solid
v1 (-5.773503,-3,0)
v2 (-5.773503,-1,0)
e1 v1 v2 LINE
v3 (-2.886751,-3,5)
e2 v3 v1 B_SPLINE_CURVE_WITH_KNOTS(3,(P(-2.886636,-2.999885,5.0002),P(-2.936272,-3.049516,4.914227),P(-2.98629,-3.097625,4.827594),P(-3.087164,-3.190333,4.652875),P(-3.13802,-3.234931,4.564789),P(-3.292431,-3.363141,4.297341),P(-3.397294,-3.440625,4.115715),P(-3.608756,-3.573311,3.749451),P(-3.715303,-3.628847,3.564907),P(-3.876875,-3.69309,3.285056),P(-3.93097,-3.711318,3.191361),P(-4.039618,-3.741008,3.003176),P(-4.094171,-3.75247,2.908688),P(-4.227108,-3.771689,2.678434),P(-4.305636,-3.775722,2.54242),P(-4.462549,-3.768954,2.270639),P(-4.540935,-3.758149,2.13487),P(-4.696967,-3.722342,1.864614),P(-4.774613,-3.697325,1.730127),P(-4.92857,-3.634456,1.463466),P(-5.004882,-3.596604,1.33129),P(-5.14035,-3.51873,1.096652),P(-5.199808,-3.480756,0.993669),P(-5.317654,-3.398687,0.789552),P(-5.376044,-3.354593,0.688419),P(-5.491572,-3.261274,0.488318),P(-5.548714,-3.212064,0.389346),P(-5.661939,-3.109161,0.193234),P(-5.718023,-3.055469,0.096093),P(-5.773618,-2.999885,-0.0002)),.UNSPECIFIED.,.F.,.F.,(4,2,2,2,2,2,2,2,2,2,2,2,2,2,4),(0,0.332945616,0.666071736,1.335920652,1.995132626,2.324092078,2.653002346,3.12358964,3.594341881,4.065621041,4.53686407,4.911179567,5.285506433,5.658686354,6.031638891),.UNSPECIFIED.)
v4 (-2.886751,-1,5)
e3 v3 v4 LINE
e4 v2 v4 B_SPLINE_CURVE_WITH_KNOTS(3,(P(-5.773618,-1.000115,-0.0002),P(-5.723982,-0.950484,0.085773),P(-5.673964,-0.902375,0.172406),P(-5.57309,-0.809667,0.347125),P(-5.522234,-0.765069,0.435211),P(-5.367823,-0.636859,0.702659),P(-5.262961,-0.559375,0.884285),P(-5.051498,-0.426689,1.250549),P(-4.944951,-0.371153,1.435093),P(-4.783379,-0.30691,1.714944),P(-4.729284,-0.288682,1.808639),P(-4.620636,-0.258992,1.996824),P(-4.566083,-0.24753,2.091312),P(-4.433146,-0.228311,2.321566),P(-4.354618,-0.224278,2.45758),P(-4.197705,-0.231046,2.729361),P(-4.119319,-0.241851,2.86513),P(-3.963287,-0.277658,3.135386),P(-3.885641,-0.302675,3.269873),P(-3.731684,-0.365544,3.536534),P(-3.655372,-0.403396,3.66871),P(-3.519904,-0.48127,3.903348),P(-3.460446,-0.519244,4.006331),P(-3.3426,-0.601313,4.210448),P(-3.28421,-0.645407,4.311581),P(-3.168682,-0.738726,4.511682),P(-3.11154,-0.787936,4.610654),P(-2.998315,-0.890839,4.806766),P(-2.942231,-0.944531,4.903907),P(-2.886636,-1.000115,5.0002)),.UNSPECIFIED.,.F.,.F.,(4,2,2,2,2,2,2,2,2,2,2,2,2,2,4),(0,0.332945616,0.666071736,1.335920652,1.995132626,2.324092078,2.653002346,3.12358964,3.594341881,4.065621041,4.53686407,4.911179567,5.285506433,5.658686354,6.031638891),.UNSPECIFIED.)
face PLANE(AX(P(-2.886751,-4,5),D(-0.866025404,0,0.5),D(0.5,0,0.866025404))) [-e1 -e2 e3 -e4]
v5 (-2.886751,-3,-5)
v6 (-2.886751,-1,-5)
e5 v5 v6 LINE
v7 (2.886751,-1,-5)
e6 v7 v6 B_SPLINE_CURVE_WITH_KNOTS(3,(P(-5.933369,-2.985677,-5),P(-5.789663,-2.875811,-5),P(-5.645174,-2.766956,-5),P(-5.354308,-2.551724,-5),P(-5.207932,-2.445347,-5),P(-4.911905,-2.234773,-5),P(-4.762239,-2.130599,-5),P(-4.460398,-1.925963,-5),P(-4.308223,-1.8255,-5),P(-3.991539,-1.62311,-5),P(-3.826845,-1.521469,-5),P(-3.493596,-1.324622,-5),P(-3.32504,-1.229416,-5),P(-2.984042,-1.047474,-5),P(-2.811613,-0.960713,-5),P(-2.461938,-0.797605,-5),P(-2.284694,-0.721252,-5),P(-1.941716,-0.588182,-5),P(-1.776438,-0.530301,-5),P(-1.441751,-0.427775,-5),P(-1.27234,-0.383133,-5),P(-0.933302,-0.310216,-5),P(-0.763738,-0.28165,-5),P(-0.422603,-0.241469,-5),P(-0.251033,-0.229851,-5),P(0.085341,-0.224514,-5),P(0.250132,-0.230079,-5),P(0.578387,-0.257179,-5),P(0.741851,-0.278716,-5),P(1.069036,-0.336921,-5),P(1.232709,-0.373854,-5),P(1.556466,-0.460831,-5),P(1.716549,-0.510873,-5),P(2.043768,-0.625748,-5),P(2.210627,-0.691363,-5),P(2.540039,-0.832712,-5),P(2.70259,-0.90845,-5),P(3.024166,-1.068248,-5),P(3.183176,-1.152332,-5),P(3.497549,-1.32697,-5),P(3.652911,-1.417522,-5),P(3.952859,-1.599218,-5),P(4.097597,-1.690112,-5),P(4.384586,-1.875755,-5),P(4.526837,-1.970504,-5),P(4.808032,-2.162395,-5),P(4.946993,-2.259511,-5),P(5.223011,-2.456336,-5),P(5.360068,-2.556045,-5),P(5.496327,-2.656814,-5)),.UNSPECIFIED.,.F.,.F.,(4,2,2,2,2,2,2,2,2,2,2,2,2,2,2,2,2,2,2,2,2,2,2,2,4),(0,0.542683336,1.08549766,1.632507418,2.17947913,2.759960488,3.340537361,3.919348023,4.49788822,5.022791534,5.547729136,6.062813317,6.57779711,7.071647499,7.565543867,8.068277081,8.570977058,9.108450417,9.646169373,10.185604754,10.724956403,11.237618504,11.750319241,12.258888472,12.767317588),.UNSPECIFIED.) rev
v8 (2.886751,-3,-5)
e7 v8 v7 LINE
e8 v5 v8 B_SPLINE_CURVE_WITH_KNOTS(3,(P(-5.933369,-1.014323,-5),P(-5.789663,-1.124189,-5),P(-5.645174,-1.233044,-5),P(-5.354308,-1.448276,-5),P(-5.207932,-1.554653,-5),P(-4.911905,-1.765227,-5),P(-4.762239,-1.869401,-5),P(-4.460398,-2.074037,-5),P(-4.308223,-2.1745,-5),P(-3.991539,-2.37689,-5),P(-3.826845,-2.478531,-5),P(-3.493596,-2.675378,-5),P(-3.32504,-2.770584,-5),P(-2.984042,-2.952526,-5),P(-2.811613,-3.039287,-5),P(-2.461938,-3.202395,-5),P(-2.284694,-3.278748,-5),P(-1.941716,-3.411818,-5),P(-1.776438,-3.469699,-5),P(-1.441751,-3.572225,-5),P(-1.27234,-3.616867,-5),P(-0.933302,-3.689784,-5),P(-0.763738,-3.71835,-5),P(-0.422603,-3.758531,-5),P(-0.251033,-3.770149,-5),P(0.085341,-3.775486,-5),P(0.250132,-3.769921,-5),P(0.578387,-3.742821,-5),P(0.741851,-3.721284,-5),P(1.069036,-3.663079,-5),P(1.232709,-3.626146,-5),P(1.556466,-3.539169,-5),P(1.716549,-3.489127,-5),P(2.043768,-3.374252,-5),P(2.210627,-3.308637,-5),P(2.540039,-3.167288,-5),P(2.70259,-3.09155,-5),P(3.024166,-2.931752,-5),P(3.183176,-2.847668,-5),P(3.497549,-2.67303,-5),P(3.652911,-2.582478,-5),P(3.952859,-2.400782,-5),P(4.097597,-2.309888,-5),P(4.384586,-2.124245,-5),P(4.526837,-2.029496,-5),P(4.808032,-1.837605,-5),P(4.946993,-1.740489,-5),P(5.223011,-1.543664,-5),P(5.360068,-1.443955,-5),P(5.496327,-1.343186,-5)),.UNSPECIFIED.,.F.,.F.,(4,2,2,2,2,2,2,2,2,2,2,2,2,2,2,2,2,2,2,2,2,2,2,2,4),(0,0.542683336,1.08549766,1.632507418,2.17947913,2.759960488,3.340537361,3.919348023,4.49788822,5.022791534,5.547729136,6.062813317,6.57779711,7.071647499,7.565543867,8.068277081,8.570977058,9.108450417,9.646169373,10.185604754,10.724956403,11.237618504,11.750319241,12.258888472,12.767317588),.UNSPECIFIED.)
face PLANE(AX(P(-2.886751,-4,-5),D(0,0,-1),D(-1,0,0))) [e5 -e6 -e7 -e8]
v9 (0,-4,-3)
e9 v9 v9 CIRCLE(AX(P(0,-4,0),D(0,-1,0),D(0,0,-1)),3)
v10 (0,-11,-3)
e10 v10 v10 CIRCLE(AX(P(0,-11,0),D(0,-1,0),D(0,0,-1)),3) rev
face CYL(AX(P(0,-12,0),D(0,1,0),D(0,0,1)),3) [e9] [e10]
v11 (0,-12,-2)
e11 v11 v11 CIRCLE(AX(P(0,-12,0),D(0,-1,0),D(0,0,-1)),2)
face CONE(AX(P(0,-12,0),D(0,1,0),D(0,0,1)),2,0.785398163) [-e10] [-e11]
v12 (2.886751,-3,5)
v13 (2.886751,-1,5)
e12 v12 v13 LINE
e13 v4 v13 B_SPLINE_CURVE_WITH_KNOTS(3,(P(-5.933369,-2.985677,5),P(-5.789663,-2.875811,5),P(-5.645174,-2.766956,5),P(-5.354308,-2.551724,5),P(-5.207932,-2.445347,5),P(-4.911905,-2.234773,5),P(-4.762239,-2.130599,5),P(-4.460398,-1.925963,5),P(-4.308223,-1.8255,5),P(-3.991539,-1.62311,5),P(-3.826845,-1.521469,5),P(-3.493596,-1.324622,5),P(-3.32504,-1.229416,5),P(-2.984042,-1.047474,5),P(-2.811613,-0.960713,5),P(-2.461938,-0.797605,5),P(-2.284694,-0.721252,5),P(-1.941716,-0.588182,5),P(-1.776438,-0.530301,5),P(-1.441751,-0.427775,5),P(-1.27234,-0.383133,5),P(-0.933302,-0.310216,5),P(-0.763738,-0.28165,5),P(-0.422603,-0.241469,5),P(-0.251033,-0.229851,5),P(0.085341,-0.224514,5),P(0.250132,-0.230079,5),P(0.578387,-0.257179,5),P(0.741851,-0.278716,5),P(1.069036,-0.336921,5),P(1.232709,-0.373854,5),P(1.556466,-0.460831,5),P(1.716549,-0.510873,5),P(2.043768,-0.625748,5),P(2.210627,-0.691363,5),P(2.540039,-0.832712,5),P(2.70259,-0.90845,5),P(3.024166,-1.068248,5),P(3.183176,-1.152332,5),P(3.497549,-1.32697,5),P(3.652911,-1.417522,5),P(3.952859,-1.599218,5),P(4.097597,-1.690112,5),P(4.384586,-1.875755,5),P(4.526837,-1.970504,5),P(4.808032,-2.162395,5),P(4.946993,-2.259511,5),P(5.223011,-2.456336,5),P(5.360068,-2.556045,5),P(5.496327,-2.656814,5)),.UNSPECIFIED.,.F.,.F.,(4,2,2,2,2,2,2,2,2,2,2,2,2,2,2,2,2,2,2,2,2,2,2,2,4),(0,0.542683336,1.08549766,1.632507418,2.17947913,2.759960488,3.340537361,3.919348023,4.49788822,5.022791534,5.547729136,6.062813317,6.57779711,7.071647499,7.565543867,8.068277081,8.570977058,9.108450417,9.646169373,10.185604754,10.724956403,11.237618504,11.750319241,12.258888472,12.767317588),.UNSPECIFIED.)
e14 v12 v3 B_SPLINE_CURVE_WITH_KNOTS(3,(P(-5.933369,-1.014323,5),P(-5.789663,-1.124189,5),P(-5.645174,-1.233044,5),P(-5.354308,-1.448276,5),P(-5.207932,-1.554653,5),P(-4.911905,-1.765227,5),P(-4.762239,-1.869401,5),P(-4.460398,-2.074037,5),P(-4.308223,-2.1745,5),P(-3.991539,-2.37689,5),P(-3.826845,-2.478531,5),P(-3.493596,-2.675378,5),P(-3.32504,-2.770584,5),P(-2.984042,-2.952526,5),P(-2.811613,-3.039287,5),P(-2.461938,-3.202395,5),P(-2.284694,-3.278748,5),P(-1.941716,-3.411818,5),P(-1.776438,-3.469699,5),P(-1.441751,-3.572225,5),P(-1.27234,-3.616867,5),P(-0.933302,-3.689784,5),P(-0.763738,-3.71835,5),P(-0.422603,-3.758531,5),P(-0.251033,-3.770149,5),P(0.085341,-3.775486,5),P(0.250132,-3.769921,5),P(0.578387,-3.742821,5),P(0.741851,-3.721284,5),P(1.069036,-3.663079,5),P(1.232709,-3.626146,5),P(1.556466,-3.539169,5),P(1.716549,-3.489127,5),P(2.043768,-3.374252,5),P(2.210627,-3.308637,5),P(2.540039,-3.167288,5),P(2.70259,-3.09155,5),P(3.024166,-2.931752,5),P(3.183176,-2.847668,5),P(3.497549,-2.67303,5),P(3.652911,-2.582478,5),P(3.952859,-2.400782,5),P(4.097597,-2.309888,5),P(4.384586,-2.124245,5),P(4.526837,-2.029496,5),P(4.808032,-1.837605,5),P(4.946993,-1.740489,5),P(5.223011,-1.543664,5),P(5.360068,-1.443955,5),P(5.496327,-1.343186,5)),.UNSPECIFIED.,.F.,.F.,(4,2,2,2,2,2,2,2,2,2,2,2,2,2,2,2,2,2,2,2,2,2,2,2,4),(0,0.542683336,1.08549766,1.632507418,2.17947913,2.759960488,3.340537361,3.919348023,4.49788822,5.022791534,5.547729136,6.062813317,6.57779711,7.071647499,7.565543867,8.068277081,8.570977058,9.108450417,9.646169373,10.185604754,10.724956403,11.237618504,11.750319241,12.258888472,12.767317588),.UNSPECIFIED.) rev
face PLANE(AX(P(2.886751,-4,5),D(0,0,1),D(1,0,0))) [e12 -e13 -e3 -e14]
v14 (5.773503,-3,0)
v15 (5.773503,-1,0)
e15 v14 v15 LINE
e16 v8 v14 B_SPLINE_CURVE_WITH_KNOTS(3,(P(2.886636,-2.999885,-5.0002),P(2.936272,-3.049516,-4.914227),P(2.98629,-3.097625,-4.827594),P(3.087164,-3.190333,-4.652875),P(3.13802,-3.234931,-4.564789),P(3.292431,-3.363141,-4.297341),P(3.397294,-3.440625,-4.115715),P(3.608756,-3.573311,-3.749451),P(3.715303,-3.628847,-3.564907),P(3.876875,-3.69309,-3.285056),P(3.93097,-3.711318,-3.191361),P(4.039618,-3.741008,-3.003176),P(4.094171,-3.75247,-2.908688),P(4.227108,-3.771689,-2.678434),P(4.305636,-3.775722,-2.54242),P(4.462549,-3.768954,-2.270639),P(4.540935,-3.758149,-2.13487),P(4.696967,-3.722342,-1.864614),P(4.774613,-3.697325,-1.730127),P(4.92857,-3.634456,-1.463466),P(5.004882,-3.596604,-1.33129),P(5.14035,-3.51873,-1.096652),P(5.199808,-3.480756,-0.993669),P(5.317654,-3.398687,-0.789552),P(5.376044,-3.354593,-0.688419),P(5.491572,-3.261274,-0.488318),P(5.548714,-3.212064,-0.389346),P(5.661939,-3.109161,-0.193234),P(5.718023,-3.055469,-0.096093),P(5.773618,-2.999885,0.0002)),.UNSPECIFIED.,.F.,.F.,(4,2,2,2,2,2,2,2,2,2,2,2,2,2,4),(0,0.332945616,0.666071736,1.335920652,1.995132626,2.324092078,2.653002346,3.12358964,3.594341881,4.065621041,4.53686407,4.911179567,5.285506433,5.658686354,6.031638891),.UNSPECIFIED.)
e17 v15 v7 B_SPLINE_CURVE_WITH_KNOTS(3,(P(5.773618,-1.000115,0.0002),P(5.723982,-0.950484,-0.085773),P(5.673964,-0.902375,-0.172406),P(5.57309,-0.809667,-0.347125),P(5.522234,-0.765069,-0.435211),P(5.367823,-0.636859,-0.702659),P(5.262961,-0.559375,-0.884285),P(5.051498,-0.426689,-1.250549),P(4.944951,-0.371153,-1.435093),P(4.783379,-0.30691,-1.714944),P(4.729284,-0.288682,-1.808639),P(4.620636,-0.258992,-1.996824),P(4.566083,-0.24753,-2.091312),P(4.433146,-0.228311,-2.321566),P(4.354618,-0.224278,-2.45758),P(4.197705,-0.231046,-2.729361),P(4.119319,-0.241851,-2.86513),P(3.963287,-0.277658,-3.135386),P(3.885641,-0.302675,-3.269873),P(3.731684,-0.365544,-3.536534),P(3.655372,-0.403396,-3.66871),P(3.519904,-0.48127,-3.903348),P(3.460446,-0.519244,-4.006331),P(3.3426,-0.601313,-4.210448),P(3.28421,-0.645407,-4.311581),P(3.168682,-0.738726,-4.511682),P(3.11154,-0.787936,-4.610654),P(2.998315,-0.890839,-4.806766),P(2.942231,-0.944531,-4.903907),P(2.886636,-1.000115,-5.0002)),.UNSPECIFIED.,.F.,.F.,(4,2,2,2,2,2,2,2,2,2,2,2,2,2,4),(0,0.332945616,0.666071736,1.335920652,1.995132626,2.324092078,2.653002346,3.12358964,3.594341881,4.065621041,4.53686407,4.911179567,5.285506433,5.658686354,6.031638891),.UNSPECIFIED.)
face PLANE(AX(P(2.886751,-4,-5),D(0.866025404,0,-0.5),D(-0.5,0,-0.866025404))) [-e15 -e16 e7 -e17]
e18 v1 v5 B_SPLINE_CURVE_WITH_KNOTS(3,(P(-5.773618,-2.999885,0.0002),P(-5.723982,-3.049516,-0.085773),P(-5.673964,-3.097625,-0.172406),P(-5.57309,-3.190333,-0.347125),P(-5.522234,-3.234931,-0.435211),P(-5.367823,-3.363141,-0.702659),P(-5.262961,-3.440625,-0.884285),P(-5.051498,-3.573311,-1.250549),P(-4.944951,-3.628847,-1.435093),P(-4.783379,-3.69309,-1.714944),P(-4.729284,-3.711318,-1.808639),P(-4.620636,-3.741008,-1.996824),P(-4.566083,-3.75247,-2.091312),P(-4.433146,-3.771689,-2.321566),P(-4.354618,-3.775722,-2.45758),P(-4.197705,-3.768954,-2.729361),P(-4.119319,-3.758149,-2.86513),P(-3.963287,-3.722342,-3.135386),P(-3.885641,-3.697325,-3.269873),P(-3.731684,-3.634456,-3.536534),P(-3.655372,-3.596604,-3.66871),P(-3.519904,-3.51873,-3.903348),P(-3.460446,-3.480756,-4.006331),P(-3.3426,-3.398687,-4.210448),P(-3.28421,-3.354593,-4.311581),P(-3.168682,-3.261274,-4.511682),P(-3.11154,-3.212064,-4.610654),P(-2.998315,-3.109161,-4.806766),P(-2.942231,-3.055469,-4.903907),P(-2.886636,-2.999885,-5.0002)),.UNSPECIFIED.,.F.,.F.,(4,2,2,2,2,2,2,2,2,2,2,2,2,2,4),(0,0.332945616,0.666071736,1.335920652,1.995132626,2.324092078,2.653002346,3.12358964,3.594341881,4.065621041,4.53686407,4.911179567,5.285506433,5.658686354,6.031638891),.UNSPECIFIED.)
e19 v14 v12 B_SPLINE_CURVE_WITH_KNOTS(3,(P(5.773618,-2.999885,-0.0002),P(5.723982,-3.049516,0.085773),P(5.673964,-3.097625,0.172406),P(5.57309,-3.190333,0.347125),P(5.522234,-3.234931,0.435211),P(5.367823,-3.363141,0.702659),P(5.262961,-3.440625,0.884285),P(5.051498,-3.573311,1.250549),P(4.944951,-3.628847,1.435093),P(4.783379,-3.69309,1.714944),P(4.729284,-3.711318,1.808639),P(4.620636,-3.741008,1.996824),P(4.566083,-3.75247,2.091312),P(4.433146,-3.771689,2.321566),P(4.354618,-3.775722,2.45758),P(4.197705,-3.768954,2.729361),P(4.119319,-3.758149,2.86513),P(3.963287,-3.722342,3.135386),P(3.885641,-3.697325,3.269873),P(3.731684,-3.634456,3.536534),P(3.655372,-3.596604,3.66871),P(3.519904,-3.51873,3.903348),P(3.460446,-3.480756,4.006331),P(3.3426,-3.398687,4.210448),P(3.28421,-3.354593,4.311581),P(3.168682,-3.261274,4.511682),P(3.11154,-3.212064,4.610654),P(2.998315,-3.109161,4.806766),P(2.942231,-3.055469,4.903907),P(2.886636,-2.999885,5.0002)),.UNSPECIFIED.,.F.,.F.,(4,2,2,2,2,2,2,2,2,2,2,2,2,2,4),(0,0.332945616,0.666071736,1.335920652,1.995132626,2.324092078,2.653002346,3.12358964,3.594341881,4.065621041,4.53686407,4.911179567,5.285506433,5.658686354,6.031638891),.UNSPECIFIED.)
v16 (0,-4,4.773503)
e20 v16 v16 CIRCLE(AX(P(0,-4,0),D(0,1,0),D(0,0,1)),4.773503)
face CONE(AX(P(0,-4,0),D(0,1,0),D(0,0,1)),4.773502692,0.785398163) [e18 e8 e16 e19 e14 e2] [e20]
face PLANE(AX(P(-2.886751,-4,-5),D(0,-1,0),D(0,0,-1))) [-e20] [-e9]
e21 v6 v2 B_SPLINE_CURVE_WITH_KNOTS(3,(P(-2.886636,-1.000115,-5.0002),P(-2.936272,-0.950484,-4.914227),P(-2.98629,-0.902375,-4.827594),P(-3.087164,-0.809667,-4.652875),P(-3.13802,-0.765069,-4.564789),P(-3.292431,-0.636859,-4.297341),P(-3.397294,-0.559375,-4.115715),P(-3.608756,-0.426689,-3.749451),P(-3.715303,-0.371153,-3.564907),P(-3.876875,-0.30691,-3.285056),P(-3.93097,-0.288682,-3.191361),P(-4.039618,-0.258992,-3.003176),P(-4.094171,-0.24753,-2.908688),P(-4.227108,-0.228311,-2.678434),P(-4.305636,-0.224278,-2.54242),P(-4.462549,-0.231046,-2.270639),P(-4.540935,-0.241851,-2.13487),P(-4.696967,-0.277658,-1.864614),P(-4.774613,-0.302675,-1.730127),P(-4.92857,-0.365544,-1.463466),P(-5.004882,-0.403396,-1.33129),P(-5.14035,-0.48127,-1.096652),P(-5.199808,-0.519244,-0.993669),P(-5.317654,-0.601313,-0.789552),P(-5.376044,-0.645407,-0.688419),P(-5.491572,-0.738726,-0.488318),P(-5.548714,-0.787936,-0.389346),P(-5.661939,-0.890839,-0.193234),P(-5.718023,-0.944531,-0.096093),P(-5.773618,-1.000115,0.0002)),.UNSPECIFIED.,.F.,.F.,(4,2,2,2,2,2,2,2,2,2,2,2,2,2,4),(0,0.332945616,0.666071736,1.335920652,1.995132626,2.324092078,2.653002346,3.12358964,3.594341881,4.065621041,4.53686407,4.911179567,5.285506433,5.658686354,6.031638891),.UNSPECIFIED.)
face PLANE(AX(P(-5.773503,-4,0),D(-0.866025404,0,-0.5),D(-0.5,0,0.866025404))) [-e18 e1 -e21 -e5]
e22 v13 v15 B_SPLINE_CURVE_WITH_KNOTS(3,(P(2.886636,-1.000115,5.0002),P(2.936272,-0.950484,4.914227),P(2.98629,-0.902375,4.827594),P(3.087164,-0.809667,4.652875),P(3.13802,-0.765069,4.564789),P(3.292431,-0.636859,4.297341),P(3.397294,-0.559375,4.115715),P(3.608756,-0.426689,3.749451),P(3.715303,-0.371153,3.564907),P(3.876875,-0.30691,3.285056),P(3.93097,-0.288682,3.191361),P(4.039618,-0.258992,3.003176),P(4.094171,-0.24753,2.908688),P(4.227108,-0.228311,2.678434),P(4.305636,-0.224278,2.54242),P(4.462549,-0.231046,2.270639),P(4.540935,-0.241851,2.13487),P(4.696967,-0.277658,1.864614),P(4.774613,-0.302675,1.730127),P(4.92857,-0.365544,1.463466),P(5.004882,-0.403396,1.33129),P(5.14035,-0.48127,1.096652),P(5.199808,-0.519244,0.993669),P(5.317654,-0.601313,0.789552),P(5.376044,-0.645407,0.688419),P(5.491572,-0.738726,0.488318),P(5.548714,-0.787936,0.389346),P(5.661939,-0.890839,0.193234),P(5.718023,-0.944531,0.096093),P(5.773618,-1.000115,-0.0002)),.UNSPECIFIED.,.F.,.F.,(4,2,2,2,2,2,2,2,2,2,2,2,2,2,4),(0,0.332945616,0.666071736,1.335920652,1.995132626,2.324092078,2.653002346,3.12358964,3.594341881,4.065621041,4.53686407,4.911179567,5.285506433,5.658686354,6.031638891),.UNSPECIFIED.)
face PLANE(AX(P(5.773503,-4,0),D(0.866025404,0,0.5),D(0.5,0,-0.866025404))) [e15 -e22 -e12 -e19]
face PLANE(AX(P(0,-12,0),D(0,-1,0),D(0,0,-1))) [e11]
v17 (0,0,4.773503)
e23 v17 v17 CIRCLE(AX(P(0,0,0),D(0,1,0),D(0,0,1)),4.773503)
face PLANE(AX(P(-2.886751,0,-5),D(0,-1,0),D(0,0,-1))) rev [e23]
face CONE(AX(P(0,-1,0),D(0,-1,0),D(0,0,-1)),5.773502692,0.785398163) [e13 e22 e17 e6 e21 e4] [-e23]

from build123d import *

# Parameters (mm, degrees)
EXTRUDE_1_DEPTH = 4
SKETCH_2_R      = 3
EXTRUDE_2_DEPTH = 8
CHAMFER_2_SIZE  = 1


with BuildPart() as part:
    # Эскиз1 → Вытянуть1 (new body)
    with BuildSketch(Plane(origin=(0, 0, 0), x_dir=(1, 0, 0), z_dir=(0, 1, 0))):
        Polygon((-2.886751346, 5), (2.886751346, 5), (5.773502692, 0), (2.886751346, -5), (-2.886751346, -5), (-5.773502692, 0), align=None)
    extrude(amount=-EXTRUDE_1_DEPTH)

    # Эскиз2 → Вытянуть2 (add)
    with BuildSketch(Plane.XZ.offset(4)):
        with Locations(Location((0, 0, 0), (0, 0, 270))):
            Circle(SKETCH_2_R)
    extrude(amount=EXTRUDE_2_DEPTH)

    # Фаска2
    chamfer_2_edges = [part.edges().sort_by_distance(p)[0] for p in [
        (0, -12, 3),
    ]]
    chamfer(chamfer_2_edges, length=CHAMFER_2_SIZE)

    # Эскиз3 → Вырез-Повернуть1 (revolve, cut)
    with BuildSketch(Plane.XY, mode=Mode.PRIVATE) as cut_revolve_1_sk:
        Polygon((-5.773502692, -1), (-4.773502692, 0), (-5.773502692, 0), align=None)
        Polygon((-5.773502692, -3), (-4.773502692, -4), (-5.773502692, -4), align=None)
    revolve(cut_revolve_1_sk.sketch.rotate(Axis((0, -4, 0), (0, -1, 0)), 270), axis=Axis((0, -4, 0), (0, -1, 0)), mode=Mode.SUBTRACT)


solid = part.part
